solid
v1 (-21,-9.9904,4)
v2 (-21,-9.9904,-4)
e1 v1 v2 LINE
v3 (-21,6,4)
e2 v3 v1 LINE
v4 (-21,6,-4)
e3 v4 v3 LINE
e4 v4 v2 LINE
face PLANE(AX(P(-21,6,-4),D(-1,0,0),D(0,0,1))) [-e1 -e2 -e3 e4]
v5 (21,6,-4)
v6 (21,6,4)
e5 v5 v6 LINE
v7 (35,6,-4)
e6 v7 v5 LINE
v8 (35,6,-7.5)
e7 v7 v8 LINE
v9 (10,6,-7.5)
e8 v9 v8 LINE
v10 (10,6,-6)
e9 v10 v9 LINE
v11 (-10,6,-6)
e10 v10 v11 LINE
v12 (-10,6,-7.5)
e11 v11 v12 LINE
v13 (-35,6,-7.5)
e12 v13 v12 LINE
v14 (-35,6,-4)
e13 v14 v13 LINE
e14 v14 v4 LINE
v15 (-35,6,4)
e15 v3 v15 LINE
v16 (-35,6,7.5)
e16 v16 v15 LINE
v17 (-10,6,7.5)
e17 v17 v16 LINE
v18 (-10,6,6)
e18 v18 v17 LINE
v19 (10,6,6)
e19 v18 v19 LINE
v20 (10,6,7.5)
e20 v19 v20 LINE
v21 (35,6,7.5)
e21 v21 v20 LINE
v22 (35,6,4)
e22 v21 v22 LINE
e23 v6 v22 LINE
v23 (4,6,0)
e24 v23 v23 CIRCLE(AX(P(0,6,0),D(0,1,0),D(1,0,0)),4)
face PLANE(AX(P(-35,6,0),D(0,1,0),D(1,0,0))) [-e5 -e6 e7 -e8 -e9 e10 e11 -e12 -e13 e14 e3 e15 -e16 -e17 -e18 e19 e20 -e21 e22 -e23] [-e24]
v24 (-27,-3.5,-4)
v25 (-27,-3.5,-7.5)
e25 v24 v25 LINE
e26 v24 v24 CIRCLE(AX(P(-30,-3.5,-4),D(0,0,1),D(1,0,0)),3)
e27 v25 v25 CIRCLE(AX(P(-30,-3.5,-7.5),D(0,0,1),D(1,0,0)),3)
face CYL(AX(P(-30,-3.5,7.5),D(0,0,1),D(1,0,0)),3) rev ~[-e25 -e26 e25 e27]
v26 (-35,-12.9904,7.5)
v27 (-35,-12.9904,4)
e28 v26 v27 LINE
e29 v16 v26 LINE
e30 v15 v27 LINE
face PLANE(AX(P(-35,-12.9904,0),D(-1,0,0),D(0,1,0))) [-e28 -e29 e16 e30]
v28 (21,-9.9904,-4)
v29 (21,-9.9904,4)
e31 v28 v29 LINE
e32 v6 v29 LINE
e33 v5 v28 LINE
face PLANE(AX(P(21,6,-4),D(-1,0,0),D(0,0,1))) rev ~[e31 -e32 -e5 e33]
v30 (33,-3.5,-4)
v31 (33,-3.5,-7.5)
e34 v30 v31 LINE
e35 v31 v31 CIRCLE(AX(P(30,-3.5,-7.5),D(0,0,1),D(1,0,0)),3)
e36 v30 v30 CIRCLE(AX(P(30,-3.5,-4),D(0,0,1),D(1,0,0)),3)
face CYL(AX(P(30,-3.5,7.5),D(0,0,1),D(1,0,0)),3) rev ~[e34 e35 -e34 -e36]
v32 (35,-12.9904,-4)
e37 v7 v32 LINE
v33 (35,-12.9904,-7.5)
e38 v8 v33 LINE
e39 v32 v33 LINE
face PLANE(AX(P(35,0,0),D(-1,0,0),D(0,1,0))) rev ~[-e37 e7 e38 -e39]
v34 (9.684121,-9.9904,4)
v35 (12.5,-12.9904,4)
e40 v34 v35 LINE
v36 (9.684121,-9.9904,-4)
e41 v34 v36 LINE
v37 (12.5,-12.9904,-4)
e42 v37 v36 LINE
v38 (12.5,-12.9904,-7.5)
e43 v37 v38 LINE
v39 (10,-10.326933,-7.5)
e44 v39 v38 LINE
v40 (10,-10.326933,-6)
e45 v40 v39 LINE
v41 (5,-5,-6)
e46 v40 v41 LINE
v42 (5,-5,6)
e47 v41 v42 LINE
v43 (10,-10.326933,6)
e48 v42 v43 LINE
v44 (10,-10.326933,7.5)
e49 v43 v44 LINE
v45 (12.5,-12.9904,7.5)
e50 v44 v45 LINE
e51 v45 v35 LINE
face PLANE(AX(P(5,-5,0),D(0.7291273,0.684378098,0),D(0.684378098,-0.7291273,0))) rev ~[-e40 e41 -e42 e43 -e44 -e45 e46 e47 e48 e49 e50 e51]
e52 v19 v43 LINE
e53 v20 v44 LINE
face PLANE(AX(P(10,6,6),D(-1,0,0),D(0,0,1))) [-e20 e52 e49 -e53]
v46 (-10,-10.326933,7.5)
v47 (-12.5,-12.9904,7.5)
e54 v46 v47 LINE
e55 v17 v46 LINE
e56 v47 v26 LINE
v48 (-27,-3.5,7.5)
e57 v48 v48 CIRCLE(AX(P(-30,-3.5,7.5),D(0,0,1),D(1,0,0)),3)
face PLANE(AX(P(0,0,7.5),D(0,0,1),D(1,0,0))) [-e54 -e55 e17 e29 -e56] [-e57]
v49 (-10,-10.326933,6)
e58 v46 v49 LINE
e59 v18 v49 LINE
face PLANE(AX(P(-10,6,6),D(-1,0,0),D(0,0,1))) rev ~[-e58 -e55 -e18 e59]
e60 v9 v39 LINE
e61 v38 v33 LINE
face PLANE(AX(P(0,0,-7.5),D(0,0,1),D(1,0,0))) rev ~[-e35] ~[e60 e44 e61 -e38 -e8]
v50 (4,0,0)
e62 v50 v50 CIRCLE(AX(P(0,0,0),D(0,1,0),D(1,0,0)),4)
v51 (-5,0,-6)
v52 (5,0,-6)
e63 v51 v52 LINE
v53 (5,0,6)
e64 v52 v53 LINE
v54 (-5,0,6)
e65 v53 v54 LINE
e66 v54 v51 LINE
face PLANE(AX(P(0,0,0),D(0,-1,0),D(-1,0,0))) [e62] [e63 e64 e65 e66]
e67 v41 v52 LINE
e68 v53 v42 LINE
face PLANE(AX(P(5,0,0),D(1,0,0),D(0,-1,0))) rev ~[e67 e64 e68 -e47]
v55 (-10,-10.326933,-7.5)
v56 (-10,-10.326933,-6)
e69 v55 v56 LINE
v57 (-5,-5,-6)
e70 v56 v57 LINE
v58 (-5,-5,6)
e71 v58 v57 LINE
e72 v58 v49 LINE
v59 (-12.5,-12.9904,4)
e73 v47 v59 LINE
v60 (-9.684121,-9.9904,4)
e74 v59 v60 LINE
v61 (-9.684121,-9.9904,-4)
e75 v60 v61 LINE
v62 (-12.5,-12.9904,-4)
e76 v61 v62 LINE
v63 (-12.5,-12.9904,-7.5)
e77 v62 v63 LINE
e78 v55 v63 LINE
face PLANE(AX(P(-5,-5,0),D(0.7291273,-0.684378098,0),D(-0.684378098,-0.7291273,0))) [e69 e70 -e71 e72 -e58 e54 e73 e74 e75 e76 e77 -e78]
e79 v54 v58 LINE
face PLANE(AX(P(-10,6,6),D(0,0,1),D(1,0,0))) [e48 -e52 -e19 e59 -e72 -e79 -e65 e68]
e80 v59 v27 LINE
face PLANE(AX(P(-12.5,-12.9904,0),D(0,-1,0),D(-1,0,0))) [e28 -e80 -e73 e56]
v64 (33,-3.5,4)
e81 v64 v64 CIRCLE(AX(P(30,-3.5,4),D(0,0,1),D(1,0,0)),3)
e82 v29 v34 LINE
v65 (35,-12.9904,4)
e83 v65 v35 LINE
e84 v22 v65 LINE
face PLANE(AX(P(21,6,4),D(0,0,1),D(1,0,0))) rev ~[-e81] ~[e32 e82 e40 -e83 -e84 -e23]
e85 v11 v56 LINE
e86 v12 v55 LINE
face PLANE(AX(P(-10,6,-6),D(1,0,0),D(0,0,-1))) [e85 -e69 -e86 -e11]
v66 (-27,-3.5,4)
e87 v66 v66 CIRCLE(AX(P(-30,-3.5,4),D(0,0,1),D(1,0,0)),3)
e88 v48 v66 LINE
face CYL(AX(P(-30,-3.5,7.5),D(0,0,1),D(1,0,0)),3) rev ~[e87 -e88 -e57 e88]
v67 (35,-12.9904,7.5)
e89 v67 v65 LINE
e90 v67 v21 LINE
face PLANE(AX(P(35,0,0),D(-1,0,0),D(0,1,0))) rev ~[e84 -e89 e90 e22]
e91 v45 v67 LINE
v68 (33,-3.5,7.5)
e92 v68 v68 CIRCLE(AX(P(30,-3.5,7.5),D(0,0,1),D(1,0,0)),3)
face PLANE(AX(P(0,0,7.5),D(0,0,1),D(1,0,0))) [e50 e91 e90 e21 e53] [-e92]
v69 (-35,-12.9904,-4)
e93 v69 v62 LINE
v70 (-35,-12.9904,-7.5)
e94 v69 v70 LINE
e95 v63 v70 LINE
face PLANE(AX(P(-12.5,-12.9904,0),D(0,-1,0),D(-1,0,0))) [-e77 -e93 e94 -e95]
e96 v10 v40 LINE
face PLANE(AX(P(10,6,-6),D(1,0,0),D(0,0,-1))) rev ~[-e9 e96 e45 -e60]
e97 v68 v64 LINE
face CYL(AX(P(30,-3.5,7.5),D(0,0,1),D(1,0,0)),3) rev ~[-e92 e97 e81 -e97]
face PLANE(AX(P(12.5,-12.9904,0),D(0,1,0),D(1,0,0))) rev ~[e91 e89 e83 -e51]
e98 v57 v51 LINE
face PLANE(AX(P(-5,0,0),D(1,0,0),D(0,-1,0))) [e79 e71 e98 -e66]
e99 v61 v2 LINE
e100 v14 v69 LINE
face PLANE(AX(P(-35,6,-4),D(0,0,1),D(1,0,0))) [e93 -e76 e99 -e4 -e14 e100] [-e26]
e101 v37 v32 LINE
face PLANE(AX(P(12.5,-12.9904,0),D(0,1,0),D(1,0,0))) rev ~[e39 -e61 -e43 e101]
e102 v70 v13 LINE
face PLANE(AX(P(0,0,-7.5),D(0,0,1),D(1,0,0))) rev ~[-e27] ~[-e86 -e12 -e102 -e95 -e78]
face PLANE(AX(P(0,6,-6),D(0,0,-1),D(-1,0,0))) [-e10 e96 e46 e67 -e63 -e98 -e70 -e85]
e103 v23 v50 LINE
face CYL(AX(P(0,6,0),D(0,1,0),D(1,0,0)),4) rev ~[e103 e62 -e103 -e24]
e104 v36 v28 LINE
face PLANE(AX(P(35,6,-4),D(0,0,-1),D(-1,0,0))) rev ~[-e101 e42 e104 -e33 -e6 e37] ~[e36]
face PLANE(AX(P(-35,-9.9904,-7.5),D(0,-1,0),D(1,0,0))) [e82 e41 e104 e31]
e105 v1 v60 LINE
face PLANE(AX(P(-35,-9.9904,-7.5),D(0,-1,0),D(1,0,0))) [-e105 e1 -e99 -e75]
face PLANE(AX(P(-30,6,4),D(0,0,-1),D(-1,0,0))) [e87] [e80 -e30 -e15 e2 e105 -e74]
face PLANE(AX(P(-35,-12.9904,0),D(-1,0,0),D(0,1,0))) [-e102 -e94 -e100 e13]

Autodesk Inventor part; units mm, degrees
ref_plane "YZ Plane" through (0, 0, 0) normal (1, 0, 0) x (0, 1, 0)
ref_plane "XZ Plane" through (0, 0, 0) normal (0, 1, 0) x (-1, 0, 0)
ref_plane "XY Plane" through (0, 0, 0) normal (0, 0, 1) x (1, 0, 0)
sketch "Sketch1" plane through (0, 0, 0) normal (0, 0, 1) x (1, 0, 0)
  line L0 (0, 0) -> (-5, 0)
  line L1 (0, 0) -> (5, 0)
  line L2 (-5, 0) -> (-5, -4) construction
  line L3 (-5, -4) -> (-23.8125, -4) construction
  line L4 (-5, 0) -> (10, 0) construction
  line L5 (0, -6.9282) -> (-35, -6.9282) construction
  line L6 (-12.5, -12.9904) -> (-35, -12.9904)
  line L7 (-23.8125, -4) -> (-23.8125, -8) construction
  line L8 (-35, -12.9904) -> (-35, -8)
  line L9 (-35, 0) -> (-35, 6)
  line L10 (-35, 6) -> (0, 6)
  line L11 (0, 6) -> (0, 0) construction
  line L12 (0, 0) -> (5, 0)
  line L13 (12.5, -12.9904) -> (35, -12.9904)
  line L14 (35, -12.9904) -> (35, -8)
  line L15 (35, 0) -> (35, 6)
  line L16 (35, 6) -> (0, 6)
  line L17 (-5, 0) -> (-5, -5)
  line L18 (-5, -5) -> (-12.5, -12.9904)
  line L19 (5, 0) -> (5, -5)
  line L20 (5, -5) -> (12.5, -12.9904)
  line L21 (-25, 0) -> (-21, 0)
  line L22 (-35, 0) -> (-35, -8)
  line L23 (35, 0) -> (35, -8)
  dimension "d0" = 5
  dimension "d1" = 5
  dimension "d2" = 4
  dimension "d3" = 15
  dimension "d5" = 35
  dimension "d10" = 6
  dimension "d24" = 5
  dimension "d25" = 5
  dimension "d27" = 4
extrude "Extrusion1" add sketch "Sketch1" along normal mid plane 15
sketch "Sketch5" plane through (-35, 6, 7.5) normal (0, 1, 0) x (1, 0, 0)
  circle A0 centre (35, 7.5) radius 2 construction
  line L0 (35, 7.5) -> (35, 13.5) construction
  line L1 (35, 7.5) -> (25, 7.5) construction
  line L2 (35, 13.5) -> (25, 13.5)
  line L3 (25, 13.5) -> (25, 1.5)
  line L4 (25, 1.5) -> (45, 1.5)
  line L5 (45, 1.5) -> (45, 13.5)
  line L6 (45, 13.5) -> (35, 13.5)
  line L7 (25, 13.5) -> (25, 15)
  line L8 (0, 15) -> (70, 15) projected
  line L9 (45, 13.5) -> (45, 15)
  line L10 (45, 15) -> (25, 15)
  line L11 (25, 1.5) -> (25, 0)
  line L12 (25, 0) -> (45, 0)
  line L13 (40, 0) -> (47.5, 0) projected
  line L14 (45, 1.5) -> (45, 0)
  dimension "d40" = 6
  dimension "d41" = 10
  dimension "d42" = 12
  dimension "d43" = 20
  dimension "d44" = 12
extrude "Extrusion5" cut sketch "Sketch5" against normal blind 18 contours L2 L7 L8 L9 L6 | L4 L14 L12 L11
sketch "Sketch6" plane through (35, 6, 7.5) normal (0, 1, 0) x (1, 0, 0)
  circle A0 centre (-35, 7.5) radius 4
  dimension "d47" = 8
extrude "Extrusion6" cut sketch "Sketch6" against normal blind 6
sketch "Sketch7" plane through (35, 6, 7.5) normal (0, 1, 0) x (1, 0, 0)
  line L0 (-35, 7.5) -> (-65, 7.5) construction
  line L1 (-65, 7.5) -> (-65, 11.5) construction
  line L2 (-65, 11.5) -> (-65, 3.5) construction
  line L3 (-65, 3.5) -> (-70, 3.5)
  line L4 (-70, 15) -> (-70, 0) projected
  line L5 (-70, 3.5) -> (-70, 11.5)
  line L6 (-70, 11.5) -> (-65, 11.5)
  line L7 (-70, 11.5) -> (-65, 11.5)
  line L8 (-70, 11.5) -> (-56, 11.5)
  line L9 (-56, 11.5) -> (-56, 3.5)
  line L10 (-56, 3.5) -> (-70, 3.5)
  circle A0 centre (-35, 7.5) radius 4 construction
  line L11 (-35, 7.5) -> (-35, 1.5875) construction
  line L12 (0, 15) -> (0, 0)
  line L13 (0, 11.5) -> (-14, 11.5)
  line L14 (-14, 11.5) -> (-14, 3.5)
  line L15 (-14, 3.5) -> (0, 3.5)
  dimension "d50" = 30
  dimension "d51" = 4
  dimension "d52" = 8
  dimension "d53" = 14
extrude "Extrusion7" cut sketch "Sketch7" against normal blind 19
sketch "Sketch8" plane through (0, 0, 7.5) normal (0, 0, 1) x (1, 0, 0)
  line L0 (0, 0) -> (-30, 0) construction
  line L1 (-21, 6) -> (-35, 6) construction
  line L2 (-30, 6) -> (-30, -3.5) construction
  line L3 (-30, 6) -> (-20.5, 6) construction
  circle A0 centre (-30, -3.5) radius 3
  line L4 (0, 0) -> (0, -2.1213) construction
  circle A1 centre (30, -3.5) radius 3
  dimension "d56" = 30
  dimension "d57" = 9.5
  dimension "d58" = 90
  dimension "d59" = 6
extrude "Extrusion8" cut sketch "Sketch8" against normal blind 15
sketch "Sketch9" plane through (-35, -12.9904, -7.5) normal (0, -1, 0) x (1, 0, 0)
  line L0 (14, 3.5) -> (14, 11.5) construction
  line L1 (14, 11.5) -> (14, 11.5) construction
  line L2 (14, 11.5) -> (25.4, 11.5)
  line L3 (25.4, 11.5) -> (25.4, 3.5)
  line L4 (25.4, 3.5) -> (14, 3.5)
  line L5 (35, 7.5) -> (35, 13.3991) construction
  line L6 (14, 11.5) -> (14, 3.5)
  line L7 (56, 3.5) -> (56, 11.5) construction
  line L8 (56, 11.5) -> (44.6, 11.5)
  line L9 (44.6, 11.5) -> (44.6, 3.5)
  line L10 (44.6, 3.5) -> (56, 3.5)
  line L11 (56, 3.5) -> (56, 11.5)
  dimension "d62" = 0
  dimension "d63" = 90
  dimension "d64" = 8
extrude "Extrusion9" cut sketch "Sketch9" against normal blind 3
equation "\"BendRadius\" = Thickness"
equation "\"BendReliefWidth\" = Thickness"
equation "\"BendReliefDepth\" = 0.5 * Thickness"
equation "\"CornerReliefSize\" = 4 * Thickness"
equation "\"MinimumRemnant\" = 2 * Thickness"
equation "\"TransitionRadius\" = BendRadius"
equation "\"JacobiRadiusSize\" = BendRadius"
equation "\"GapSize\" = Thickness"
equation "\"Thickness\" = 3.048"
properties part number "Belka" material "Aluminum 6061"
